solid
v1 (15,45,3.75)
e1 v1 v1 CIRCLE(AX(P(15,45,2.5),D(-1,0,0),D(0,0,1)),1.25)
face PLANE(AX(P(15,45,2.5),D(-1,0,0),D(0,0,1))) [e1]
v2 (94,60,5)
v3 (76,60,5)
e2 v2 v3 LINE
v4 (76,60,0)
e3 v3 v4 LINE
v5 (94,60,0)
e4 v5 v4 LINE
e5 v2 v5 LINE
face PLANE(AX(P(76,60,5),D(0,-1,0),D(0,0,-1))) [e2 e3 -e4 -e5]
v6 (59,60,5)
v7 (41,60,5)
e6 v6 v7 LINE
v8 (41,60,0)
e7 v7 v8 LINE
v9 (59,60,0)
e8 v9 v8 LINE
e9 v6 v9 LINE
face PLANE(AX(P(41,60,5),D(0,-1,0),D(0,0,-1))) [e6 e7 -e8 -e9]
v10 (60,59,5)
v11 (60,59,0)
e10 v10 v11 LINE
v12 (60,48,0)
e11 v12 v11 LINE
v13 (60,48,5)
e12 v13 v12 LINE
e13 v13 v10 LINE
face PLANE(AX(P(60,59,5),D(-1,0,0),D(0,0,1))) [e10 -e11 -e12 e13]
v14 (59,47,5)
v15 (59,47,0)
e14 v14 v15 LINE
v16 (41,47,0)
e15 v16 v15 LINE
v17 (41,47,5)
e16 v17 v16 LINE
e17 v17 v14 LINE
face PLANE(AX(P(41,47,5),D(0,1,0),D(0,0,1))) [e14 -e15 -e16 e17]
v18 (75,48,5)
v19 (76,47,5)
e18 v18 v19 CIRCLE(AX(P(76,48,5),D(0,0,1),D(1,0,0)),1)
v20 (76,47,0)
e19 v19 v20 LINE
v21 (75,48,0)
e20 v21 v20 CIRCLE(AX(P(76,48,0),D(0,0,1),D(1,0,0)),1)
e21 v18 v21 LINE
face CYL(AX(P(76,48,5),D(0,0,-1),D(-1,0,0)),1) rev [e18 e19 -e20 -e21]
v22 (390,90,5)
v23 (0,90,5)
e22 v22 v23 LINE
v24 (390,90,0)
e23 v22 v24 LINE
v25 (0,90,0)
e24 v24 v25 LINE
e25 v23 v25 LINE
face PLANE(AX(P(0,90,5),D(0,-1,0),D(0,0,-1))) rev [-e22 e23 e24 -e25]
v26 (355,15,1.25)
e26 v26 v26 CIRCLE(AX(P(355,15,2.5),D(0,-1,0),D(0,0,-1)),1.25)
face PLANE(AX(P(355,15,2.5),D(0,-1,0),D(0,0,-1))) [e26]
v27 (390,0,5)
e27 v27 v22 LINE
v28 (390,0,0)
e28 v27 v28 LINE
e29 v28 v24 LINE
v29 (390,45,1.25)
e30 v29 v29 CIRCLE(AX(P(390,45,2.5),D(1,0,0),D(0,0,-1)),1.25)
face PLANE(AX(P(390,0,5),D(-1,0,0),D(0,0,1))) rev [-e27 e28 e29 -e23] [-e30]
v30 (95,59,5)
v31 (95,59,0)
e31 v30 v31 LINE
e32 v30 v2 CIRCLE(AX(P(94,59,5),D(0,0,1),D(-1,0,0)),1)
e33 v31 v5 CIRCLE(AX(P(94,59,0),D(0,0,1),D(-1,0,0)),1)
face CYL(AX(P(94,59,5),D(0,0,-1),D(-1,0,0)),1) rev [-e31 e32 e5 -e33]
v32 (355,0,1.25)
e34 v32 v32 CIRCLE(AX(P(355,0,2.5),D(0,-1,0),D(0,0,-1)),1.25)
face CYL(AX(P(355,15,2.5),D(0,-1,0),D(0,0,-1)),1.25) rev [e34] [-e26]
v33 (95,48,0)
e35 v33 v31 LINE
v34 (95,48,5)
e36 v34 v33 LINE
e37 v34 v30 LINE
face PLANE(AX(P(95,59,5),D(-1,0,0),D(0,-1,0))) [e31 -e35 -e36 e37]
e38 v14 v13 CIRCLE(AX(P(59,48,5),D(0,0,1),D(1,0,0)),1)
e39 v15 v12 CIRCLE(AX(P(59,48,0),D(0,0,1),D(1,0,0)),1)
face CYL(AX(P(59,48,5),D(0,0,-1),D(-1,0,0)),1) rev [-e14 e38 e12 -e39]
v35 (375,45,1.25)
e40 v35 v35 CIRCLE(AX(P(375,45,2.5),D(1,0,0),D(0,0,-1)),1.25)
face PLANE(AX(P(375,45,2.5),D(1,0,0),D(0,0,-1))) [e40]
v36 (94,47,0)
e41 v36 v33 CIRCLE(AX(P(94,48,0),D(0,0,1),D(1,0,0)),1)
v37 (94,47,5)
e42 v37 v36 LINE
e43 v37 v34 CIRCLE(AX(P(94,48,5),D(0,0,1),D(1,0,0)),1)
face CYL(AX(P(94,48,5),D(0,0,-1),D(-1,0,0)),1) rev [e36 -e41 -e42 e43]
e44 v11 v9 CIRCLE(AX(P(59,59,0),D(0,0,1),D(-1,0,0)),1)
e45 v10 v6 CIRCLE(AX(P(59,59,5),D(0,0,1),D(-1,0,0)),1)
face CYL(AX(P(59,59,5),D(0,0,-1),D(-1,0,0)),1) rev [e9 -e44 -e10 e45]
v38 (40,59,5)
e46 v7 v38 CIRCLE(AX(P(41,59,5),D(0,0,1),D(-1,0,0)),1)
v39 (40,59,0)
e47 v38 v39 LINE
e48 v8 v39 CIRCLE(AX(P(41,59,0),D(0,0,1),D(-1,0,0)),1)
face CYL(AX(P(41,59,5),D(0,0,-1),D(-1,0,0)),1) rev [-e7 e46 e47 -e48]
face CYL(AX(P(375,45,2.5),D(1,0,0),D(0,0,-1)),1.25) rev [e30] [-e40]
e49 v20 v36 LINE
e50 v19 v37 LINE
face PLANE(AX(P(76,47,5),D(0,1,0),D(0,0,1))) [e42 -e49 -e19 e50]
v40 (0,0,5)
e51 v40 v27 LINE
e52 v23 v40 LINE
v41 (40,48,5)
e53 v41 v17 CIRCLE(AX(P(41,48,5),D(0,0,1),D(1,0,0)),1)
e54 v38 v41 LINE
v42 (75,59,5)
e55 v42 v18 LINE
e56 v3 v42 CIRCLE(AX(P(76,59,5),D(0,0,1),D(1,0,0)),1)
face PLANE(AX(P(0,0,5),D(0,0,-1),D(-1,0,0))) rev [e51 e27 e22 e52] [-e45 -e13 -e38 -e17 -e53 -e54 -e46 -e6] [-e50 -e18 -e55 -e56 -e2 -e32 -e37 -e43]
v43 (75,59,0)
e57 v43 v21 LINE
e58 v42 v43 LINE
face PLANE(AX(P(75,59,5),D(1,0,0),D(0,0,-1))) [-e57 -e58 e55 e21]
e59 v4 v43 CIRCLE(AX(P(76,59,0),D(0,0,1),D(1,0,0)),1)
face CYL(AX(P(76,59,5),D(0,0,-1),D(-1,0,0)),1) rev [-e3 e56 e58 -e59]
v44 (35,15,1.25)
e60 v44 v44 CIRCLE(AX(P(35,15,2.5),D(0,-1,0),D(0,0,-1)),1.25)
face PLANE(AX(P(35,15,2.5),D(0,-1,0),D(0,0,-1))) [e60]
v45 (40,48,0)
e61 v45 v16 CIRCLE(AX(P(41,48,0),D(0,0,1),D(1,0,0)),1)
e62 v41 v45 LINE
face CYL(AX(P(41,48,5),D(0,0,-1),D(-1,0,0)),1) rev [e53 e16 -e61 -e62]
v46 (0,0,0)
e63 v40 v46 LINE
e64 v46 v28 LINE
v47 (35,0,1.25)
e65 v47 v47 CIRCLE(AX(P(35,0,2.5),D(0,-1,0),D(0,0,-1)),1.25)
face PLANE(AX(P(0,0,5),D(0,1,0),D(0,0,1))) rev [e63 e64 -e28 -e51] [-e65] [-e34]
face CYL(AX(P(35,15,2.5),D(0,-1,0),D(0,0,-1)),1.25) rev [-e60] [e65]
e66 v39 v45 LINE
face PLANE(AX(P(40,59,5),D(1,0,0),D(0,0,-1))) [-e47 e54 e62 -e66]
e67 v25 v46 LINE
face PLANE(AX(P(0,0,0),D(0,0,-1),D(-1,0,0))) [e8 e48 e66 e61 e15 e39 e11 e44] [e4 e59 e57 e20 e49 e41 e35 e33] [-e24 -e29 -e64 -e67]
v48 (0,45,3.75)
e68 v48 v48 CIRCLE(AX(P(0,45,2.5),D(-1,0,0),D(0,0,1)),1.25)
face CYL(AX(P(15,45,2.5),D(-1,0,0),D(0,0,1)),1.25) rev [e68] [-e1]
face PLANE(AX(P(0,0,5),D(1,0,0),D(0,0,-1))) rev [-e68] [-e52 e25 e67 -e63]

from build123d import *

# Parameters (mm, degrees)
SKETCH1_W           = 390
SKETCH1_H           = 90
BOSS_EXTRUDE2_DEPTH = 5
SKETCH2_R           = 1.25
CUT_EXTRUDE1_DEPTH  = 15
CUT_EXTRUDE2_START  = -15
SKETCH3_R           = 1.25
CUT_EXTRUDE2_DEPTH  = 15
SKETCH4_R           = 1.25
CUT_EXTRUDE3_DEPTH  = 15


with BuildPart() as part:
    # Sketch1 → Boss-Extrude2 (new body)
    with BuildSketch(Plane.XY):
        with Locations((195, 45)):
            Rectangle(SKETCH1_W, SKETCH1_H)
        with BuildLine():
            Line((41, 60), (59, 60))
            ThreePointArc((59, 60), (59.707106781, 59.707106781), (60, 59))
            Line((60, 59), (60, 48))
            ThreePointArc((60, 48), (59.707106781, 47.292893219), (59, 47))
            Line((59, 47), (41, 47))
            ThreePointArc((41, 47), (40.292893219, 47.292893219), (40, 48))
            Line((40, 48), (40, 59))
            ThreePointArc((40, 59), (40.292893219, 59.707106781), (41, 60))
        make_face(mode=Mode.SUBTRACT)
        with BuildLine():
            Line((76, 60), (94, 60))
            ThreePointArc((94, 60), (94.707106781, 59.707106781), (95, 59))
            Line((95, 59), (95, 48))
            ThreePointArc((95, 48), (94.707106781, 47.292893219), (94, 47))
            Line((94, 47), (76, 47))
            ThreePointArc((76, 47), (75.292893219, 47.292893219), (75, 48))
            Line((75, 48), (75, 59))
            ThreePointArc((75, 59), (75.292893219, 59.707106781), (76, 60))
        make_face(mode=Mode.SUBTRACT)
    extrude(amount=BOSS_EXTRUDE2_DEPTH)

    # Sketch2 → Cut-Extrude1 (cut)
    with BuildSketch(Plane.ZY):
        with Locations((2.5, 45)):
            Circle(SKETCH2_R)
    extrude(amount=-CUT_EXTRUDE1_DEPTH, mode=Mode.SUBTRACT)

    # Sketch3 → Cut-Extrude2 (cut)
    with BuildSketch(Plane(origin=(390, 0, 0), x_dir=(0, 0, -1), z_dir=(1, 0, 0)).offset(CUT_EXTRUDE2_START)):
        with Locations(Location((-2.5, 45, 0), (0, 0, 180))):
            Circle(SKETCH3_R)
    extrude(amount=CUT_EXTRUDE2_DEPTH, mode=Mode.SUBTRACT)

    # Sketch4 → Cut-Extrude3 (cut)
    with BuildSketch(Plane.XZ):
        with Locations(Location((35, 2.5, 0), (0, 0, 270))):
            Circle(SKETCH4_R)
        with Locations(Location((355, 2.5, 0), (0, 0, 270))):
            Circle(SKETCH4_R)
    extrude(amount=-CUT_EXTRUDE3_DEPTH, mode=Mode.SUBTRACT)


solid = part.part
